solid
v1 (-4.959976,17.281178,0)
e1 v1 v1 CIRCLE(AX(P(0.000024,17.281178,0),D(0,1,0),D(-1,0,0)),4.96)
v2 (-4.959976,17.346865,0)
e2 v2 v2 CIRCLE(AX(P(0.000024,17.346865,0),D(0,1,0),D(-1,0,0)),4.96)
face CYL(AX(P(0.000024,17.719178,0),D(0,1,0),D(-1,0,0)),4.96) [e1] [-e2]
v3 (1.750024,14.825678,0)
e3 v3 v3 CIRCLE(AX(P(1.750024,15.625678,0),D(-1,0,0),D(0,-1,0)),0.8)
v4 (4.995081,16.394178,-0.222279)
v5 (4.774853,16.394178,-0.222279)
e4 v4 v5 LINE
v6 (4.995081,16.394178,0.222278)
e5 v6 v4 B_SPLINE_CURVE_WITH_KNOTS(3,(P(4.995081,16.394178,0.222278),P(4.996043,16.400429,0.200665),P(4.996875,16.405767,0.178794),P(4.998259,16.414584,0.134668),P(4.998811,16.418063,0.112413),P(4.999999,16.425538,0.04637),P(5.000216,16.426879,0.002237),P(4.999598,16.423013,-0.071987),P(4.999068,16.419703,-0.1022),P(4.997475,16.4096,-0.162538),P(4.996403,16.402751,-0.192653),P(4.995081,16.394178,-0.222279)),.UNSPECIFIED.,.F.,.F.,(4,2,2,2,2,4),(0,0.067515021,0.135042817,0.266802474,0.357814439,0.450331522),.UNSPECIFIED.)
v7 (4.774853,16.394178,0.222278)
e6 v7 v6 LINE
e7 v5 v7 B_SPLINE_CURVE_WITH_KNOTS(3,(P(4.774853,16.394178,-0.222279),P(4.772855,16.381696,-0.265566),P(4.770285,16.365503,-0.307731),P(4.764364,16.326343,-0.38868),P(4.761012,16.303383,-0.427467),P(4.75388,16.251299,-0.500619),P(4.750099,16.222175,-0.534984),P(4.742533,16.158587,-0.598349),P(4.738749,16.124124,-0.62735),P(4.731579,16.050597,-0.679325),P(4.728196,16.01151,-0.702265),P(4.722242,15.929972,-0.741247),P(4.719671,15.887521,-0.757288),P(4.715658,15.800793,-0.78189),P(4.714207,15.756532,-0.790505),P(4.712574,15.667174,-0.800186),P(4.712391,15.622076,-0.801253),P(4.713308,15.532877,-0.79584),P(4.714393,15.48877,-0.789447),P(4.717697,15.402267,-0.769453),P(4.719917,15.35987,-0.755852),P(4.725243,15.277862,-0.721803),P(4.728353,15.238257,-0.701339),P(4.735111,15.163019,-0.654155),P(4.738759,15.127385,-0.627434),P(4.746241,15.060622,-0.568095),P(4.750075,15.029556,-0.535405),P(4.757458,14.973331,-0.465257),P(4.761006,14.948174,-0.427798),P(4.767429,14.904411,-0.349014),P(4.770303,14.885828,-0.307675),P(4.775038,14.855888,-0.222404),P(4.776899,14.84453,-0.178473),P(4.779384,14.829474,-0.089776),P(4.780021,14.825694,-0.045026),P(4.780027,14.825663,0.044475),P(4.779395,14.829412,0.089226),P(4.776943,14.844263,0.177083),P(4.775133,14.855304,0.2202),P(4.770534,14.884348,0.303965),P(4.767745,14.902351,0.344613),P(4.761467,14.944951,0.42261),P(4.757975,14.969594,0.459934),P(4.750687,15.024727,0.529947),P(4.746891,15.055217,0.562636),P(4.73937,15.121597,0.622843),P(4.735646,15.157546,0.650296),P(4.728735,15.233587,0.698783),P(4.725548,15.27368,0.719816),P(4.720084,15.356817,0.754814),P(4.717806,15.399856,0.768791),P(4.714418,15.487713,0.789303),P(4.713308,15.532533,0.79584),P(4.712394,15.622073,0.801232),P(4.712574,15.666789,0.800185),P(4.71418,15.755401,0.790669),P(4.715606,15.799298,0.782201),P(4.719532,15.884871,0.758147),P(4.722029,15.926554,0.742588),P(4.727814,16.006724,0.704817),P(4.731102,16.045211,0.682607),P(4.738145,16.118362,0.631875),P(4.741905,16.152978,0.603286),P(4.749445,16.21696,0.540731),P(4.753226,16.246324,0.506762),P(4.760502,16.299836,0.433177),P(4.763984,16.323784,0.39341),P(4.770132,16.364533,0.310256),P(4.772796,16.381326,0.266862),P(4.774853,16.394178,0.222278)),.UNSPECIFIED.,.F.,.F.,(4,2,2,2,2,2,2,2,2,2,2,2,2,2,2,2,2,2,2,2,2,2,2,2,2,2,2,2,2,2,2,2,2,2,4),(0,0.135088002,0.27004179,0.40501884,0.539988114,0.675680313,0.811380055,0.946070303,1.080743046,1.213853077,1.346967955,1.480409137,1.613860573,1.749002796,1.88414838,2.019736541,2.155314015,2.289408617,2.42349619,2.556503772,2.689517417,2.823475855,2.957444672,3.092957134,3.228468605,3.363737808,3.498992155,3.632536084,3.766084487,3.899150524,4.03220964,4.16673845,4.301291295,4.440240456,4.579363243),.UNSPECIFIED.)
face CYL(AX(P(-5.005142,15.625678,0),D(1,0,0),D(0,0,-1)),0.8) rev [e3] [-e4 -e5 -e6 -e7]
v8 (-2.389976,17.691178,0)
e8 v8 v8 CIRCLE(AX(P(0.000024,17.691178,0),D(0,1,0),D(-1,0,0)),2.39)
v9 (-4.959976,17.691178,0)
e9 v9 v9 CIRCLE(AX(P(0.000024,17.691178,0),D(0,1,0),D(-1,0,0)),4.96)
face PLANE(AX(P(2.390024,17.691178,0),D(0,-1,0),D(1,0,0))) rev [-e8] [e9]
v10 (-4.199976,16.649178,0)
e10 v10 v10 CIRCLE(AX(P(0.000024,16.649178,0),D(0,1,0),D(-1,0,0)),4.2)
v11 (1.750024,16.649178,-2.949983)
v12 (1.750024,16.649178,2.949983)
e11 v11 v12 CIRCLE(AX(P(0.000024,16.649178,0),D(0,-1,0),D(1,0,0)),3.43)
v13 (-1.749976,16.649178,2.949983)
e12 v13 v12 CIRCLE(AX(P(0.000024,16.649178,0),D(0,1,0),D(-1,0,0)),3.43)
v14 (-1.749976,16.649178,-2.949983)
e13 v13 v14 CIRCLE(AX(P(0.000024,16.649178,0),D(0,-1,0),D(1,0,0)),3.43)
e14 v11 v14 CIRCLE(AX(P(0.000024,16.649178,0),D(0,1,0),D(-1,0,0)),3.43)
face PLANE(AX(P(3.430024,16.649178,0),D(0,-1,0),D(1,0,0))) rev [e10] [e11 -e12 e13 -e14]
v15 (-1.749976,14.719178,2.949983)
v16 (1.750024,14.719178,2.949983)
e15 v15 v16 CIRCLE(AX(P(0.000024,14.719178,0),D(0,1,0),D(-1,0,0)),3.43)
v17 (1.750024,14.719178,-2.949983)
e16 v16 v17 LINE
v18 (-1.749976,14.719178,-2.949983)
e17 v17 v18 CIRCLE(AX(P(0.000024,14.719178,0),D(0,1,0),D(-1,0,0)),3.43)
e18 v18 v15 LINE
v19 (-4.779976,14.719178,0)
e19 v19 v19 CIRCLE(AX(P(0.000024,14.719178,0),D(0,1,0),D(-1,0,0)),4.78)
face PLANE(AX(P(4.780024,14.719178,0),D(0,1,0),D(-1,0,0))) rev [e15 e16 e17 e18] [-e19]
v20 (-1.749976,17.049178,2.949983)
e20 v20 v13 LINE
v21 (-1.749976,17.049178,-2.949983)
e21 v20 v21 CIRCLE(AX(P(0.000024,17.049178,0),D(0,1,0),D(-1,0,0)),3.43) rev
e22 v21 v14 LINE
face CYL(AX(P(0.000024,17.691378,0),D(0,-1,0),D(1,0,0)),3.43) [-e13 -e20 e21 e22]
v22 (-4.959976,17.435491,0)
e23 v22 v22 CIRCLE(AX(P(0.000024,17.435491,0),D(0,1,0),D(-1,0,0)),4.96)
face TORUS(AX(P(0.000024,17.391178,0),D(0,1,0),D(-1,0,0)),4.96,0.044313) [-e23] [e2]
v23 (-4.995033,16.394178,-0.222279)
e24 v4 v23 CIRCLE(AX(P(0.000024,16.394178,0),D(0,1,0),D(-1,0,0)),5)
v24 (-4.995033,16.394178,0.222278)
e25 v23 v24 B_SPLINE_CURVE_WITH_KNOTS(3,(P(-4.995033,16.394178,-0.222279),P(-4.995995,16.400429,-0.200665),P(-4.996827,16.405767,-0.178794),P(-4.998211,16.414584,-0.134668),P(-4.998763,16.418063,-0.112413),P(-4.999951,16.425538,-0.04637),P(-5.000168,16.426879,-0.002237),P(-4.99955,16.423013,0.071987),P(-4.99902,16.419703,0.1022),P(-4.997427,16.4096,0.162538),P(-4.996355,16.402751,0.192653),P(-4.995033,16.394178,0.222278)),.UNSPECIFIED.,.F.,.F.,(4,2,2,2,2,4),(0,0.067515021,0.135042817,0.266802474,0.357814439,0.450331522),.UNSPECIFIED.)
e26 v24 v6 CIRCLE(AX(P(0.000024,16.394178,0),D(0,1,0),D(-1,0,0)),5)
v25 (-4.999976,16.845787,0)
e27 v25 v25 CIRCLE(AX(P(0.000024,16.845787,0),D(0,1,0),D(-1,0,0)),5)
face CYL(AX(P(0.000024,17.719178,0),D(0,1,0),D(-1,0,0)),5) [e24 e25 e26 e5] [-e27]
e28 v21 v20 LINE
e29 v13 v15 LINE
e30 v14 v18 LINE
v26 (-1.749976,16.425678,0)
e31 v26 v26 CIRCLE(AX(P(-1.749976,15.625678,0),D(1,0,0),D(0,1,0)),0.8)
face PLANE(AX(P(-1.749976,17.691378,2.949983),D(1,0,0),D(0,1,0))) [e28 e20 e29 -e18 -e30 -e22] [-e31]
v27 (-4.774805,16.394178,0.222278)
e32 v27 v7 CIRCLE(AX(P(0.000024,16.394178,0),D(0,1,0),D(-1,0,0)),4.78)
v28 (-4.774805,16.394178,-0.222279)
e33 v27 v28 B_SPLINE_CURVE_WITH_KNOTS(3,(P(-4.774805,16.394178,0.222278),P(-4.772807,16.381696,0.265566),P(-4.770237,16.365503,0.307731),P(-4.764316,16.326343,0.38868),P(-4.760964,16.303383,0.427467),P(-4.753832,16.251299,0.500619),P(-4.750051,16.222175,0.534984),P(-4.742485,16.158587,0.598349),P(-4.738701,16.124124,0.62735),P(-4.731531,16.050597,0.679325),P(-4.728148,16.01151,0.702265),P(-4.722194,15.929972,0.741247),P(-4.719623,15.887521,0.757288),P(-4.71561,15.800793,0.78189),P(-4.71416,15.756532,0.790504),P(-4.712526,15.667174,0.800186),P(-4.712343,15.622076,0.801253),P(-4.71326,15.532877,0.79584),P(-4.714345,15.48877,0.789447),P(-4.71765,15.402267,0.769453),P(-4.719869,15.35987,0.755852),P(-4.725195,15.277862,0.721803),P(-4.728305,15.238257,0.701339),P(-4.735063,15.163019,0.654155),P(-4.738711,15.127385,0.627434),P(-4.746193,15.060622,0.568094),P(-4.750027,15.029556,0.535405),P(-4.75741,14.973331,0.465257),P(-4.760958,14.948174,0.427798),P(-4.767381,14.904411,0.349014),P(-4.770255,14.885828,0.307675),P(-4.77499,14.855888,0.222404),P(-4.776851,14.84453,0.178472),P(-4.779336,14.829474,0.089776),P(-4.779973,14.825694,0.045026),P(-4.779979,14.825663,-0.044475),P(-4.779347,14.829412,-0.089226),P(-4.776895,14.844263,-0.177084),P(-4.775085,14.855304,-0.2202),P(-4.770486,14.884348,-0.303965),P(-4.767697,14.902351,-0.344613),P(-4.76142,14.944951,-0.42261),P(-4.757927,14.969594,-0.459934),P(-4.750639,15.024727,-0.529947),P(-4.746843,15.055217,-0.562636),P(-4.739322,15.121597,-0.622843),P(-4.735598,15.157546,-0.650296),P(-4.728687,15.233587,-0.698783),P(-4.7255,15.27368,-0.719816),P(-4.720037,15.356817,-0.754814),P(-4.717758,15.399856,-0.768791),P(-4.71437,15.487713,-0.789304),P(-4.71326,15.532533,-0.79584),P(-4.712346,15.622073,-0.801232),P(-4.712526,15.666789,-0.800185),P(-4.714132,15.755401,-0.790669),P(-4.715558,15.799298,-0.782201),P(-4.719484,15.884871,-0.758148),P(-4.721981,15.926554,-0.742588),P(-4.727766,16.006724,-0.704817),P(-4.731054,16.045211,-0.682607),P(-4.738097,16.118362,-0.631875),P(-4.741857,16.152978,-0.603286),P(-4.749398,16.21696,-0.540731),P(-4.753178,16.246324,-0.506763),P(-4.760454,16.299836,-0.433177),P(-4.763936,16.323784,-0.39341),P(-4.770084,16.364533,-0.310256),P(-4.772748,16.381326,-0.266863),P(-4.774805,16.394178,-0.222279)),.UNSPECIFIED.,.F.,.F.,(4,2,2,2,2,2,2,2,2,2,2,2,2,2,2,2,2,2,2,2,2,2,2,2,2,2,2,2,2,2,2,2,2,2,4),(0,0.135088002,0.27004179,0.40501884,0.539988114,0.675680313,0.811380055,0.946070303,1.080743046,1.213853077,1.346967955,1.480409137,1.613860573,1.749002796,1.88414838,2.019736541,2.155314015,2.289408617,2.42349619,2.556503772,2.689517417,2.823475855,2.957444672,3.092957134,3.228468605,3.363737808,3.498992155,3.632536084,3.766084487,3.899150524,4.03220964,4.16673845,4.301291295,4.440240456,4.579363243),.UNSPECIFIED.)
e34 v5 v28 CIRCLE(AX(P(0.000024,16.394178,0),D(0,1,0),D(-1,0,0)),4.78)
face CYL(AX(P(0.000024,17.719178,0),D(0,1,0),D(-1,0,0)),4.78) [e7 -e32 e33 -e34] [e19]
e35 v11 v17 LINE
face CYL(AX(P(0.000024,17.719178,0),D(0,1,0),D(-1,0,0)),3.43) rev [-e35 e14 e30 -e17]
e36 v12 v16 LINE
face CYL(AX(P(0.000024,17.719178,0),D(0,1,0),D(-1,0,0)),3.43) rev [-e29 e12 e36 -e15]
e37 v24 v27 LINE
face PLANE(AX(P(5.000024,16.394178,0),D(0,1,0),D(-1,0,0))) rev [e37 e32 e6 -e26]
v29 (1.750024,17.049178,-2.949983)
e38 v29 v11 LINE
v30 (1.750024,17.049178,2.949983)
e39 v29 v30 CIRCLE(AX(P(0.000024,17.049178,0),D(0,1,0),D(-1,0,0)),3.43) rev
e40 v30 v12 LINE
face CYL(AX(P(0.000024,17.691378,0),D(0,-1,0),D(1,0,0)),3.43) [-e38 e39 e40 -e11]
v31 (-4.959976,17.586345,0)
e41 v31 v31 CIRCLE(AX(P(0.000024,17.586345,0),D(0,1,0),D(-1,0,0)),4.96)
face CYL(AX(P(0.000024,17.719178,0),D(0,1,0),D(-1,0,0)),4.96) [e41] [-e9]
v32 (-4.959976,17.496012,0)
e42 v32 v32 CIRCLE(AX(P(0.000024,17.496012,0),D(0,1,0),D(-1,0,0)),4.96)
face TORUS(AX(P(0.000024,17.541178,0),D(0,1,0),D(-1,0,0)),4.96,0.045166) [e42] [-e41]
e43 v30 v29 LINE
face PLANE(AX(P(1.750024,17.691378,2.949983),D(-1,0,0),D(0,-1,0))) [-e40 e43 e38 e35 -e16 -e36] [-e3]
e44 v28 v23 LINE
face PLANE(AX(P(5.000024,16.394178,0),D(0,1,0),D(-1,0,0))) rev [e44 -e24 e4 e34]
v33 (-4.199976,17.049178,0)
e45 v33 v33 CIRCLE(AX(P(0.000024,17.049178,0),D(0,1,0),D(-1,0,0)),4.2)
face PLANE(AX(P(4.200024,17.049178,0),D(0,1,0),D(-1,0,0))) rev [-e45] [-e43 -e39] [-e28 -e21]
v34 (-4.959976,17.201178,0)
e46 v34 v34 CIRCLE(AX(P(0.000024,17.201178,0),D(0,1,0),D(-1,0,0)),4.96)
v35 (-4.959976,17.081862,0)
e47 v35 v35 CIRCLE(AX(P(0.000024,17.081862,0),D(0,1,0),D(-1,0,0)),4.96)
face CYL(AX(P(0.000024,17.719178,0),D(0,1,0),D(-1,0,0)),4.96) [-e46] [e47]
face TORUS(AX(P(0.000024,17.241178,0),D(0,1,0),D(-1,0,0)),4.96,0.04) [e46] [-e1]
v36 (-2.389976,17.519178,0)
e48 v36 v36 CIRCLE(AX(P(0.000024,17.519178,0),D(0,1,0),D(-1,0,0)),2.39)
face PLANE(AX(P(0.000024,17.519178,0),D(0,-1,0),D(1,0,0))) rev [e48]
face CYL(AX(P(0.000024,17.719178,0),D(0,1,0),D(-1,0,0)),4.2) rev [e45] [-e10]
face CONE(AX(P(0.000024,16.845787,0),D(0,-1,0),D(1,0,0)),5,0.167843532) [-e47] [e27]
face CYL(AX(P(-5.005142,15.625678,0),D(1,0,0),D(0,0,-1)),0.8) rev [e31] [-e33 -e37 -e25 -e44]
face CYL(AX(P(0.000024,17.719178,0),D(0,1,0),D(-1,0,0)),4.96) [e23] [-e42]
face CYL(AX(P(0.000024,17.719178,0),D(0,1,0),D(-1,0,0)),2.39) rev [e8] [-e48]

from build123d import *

# Parameters (mm, degrees)
BOSS_EXTRUDE1_REACH     = 31.72
SKETCH4_R               = 8
CUT_EXTRUDE1_DEPTH      = 51.051664689
CUT_EXTRUDE1_DEPTH_BACK = 51.051664789
SCALE1_SCALE            = 0.1


with BuildPart() as part:
    # Sketch2 → Revolve1 (revolve)
    with BuildSketch(Plane.XY):
        with BuildLine():
            Line((47.8, 0), (34.3, 0))
            Line((34.3, 0), (34.3, 19.3))
            Line((34.3, 19.3), (42, 19.3))
            Line((42, 19.3), (42, 23.3))
            Line((42, 23.3), (0, 23.3))
            Line((0, 23.3), (0, 28))
            Line((0, 28), (23.9, 28))
            Line((23.9, 28), (23.9, 29.72))
            Line((23.9, 29.72), (49.6, 29.72))
            Line((49.6, 29.72), (49.6, 28.671664689))
            ThreePointArc((49.6, 28.671664689), (50.051664689, 28.22), (49.6, 27.768335311))
            Line((49.6, 27.768335311), (49.6, 27.163130292))
            ThreePointArc((49.6, 27.163130292), (50.043130292, 26.72), (49.6, 26.276869708))
            Line((49.6, 26.276869708), (49.6, 25.62))
            ThreePointArc((49.6, 25.62), (50, 25.22), (49.6, 24.82))
            Line((49.6, 24.82), (49.6, 23.626841788))
            Line((49.6, 23.626841788), (50, 21.266091104))
            Line((50, 21.266091104), (50, 16.75))
            Line((50, 16.75), (47.8, 16.75))
            Line((47.8, 16.75), (47.8, 0))
        make_face()
    revolve(axis=Axis((0, 30, 0), (0, -1, 0)))

    # Sketch3 → Boss-Extrude1 (add, up to next)
    with BuildSketch(Plane.XZ, mode=Mode.PRIVATE) as boss_extrude1_sk1:
        with BuildLine():
            Line((-17.5, 29.499830508), (-17.5, -29.499830508))
            ThreePointArc((-17.5, -29.499830508), (-34.3, 0), (-17.5, 29.499830508))
        make_face()
    boss_extrude1_tool1 = extrude(boss_extrude1_sk1.sketch, amount=-BOSS_EXTRUDE1_REACH, mode=Mode.PRIVATE) - part.part
    add(boss_extrude1_tool1.solids().sort_by_distance((-24.384651, 0, 0))[0])
    # Sketch3 → Boss-Extrude1 (add, up to next)
    with BuildSketch(Plane.XZ, mode=Mode.PRIVATE) as boss_extrude1_sk2:
        with BuildLine():
            Line((17.5, 29.499830508), (17.5, -29.499830508))
            ThreePointArc((17.5, -29.499830508), (34.3, 0), (17.5, 29.499830508))
        make_face()
    boss_extrude1_tool2 = extrude(boss_extrude1_sk2.sketch, amount=-BOSS_EXTRUDE1_REACH, mode=Mode.PRIVATE) - part.part
    add(boss_extrude1_tool2.solids().sort_by_distance((24.384651, 0, 0))[0])

    # Sketch4 → Cut-Extrude1 (cut, two sides)
    with BuildSketch(Plane(origin=(0, 0, 0), x_dir=(0, 0, -1), z_dir=(1, 0, 0))) as cut_extrude1_sk:
        with Locations((0, 9.065)):
            Circle(SKETCH4_R)
    extrude(amount=CUT_EXTRUDE1_DEPTH, mode=Mode.SUBTRACT)
    extrude(cut_extrude1_sk.sketch, amount=-CUT_EXTRUDE1_DEPTH_BACK, mode=Mode.SUBTRACT)


with BuildPart() as part_1:
    # Scale1: scaled about (9.67e-07, 16.354771304, 3.0579e-05)
    add(part.part.scale(SCALE1_SCALE).moved(Location((8.7e-07, 14.719294174, 2.7521e-05))))


solid = part_1.part
